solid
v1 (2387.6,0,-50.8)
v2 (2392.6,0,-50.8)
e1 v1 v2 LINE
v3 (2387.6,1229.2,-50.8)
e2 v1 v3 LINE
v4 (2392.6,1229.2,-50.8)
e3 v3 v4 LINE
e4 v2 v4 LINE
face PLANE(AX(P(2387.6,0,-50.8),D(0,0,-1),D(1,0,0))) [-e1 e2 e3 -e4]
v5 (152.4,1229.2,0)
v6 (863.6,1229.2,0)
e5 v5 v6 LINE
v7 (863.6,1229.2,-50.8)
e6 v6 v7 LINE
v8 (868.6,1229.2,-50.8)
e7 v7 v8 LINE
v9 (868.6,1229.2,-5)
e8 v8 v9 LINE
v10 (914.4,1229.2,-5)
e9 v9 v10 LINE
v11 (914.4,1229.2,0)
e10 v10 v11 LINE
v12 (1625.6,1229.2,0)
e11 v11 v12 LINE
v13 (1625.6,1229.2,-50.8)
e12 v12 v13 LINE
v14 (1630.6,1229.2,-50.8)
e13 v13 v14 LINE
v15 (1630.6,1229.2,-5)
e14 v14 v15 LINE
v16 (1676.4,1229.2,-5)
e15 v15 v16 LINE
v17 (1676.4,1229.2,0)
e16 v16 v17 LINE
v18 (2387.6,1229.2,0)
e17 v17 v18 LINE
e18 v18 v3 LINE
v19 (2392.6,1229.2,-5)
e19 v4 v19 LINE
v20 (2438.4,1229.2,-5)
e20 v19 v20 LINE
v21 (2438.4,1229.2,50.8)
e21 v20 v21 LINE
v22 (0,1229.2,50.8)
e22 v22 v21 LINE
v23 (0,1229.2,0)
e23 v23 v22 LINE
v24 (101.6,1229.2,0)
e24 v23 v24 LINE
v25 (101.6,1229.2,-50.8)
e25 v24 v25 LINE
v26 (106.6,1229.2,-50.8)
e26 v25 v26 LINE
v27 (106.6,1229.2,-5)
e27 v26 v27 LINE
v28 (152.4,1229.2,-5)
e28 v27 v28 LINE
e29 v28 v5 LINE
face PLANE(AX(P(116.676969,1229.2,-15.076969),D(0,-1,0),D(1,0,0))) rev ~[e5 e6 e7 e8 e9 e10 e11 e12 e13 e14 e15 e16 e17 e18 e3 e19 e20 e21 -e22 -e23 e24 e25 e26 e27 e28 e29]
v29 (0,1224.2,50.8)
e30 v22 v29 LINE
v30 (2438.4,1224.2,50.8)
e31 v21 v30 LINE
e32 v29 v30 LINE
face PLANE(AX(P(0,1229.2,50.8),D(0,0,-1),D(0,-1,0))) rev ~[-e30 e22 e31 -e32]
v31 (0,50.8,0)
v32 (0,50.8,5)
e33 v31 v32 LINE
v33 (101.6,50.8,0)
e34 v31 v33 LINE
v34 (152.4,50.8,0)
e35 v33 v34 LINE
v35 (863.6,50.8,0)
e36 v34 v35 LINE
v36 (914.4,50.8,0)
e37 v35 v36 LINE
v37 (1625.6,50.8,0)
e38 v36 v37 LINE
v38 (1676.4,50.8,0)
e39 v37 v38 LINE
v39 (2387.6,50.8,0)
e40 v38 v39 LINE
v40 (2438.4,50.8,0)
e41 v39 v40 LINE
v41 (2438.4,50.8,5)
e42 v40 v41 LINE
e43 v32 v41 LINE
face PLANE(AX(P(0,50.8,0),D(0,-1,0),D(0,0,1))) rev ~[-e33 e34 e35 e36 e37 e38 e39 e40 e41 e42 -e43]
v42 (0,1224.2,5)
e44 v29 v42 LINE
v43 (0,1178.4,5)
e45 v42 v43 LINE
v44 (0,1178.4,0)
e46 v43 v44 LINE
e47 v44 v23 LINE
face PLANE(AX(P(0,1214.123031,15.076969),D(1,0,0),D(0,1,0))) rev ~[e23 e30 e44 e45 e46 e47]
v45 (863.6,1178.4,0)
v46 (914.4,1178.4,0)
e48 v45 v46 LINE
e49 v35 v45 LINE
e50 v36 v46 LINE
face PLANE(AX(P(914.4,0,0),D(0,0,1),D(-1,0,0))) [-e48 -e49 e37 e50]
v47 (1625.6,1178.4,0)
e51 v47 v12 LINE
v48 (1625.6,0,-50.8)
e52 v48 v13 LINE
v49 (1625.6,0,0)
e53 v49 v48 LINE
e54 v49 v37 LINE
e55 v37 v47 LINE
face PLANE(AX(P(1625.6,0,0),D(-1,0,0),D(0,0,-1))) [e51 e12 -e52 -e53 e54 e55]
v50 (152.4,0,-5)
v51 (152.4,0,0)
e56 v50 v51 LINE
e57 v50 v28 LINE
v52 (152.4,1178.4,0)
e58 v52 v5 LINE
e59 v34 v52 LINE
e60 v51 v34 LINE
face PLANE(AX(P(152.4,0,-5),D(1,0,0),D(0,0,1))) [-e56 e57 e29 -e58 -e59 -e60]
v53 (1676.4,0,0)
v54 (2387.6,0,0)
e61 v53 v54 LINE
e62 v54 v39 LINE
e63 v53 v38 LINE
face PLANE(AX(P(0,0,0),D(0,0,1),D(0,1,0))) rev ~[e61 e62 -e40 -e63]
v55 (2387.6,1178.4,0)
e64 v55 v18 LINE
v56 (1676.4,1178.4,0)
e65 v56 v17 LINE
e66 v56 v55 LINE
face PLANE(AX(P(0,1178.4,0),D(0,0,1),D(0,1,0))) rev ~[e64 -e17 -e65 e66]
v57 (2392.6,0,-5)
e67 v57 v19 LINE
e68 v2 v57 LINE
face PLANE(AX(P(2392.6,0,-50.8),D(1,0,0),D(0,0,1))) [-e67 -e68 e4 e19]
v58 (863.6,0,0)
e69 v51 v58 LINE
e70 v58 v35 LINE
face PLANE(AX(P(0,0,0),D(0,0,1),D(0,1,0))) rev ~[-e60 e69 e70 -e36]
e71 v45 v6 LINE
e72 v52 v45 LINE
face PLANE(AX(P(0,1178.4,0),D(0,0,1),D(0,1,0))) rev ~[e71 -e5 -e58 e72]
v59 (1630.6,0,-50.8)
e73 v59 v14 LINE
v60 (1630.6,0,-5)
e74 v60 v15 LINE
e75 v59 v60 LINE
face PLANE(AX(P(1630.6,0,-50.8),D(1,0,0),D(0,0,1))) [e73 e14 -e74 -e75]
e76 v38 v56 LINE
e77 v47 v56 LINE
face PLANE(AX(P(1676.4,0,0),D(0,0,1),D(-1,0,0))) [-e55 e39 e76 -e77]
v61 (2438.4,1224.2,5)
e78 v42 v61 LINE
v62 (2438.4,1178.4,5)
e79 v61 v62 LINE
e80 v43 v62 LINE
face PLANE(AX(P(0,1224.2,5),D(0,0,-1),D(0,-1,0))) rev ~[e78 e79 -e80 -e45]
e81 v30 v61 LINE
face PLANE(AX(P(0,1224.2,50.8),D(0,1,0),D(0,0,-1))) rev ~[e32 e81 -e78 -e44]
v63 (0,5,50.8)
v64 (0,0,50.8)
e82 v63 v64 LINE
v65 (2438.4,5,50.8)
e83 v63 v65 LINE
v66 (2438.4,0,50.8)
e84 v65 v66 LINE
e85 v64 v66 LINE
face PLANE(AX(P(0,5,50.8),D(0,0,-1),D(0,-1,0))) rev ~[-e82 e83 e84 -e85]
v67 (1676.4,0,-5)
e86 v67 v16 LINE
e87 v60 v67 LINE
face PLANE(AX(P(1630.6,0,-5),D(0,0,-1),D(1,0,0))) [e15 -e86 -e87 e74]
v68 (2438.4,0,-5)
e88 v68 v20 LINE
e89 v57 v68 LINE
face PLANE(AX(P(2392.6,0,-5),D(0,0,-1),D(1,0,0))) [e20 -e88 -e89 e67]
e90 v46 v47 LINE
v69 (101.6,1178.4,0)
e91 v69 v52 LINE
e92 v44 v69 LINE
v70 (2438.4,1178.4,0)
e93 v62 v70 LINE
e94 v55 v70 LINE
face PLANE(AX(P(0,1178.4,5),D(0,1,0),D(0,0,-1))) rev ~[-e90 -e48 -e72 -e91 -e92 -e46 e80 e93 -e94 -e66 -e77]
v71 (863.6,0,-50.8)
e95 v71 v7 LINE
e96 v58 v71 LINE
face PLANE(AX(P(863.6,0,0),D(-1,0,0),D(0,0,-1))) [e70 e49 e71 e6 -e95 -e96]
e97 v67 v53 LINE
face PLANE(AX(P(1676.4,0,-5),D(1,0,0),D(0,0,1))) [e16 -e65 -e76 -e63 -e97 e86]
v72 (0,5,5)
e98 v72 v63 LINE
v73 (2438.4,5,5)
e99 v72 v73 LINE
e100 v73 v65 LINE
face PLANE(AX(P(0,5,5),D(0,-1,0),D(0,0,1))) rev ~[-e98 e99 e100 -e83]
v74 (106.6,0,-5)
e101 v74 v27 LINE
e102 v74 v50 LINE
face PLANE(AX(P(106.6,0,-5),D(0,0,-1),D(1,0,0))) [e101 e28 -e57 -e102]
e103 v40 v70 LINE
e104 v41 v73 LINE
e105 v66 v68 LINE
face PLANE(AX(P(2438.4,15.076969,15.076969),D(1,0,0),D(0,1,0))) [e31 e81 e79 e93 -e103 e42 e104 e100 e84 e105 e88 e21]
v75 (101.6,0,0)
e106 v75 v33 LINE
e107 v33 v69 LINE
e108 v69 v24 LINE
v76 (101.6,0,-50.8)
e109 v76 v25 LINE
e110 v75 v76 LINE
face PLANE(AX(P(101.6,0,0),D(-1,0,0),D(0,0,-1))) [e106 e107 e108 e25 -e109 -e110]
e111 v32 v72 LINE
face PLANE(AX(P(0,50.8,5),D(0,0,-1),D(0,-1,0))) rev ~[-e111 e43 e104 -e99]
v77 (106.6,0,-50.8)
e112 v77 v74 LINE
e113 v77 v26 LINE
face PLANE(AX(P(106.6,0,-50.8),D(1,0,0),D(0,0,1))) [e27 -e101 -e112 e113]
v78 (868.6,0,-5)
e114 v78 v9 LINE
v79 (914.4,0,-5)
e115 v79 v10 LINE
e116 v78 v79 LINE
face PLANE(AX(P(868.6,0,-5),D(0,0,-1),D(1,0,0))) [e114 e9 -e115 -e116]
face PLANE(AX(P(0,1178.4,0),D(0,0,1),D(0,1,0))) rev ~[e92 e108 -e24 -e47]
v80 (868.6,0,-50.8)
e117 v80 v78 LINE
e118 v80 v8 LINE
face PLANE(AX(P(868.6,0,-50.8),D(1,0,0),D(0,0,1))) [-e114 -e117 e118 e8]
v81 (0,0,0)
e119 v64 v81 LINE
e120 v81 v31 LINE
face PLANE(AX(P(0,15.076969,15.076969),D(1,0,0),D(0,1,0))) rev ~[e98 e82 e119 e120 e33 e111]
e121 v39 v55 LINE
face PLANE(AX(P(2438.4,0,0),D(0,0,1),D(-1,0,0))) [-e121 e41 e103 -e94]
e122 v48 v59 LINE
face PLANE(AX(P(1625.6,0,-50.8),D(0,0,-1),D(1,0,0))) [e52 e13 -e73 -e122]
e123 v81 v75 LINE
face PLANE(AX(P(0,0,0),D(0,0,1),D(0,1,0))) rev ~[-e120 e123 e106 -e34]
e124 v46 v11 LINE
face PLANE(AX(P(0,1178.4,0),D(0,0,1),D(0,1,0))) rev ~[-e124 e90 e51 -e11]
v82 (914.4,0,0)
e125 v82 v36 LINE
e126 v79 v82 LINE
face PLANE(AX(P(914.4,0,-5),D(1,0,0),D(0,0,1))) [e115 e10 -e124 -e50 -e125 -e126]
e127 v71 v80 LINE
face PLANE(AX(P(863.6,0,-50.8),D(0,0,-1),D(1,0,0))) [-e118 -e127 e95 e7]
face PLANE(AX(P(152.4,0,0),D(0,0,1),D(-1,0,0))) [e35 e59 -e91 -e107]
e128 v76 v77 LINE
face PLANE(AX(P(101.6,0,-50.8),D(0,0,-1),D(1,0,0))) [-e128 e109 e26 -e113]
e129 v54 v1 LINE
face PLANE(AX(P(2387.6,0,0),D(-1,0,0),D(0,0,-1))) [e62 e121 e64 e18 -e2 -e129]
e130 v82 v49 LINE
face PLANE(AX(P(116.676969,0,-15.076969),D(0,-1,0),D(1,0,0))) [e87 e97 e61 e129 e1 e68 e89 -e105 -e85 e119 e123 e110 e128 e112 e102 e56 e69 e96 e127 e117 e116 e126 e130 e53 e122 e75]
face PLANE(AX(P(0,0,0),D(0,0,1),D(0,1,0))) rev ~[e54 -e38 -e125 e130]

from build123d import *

# Parameters (mm, degrees)
F1_DEPTH = 2438.4
F3_DEPTH = 1229.2


with BuildPart() as f1:
    # F0 (on Right) → F1 (new body)
    with BuildSketch(Plane.YZ):
        Polygon((0, 50.8), (0, 0), (50.8, 0), (50.8, 5), (5, 5), (5, 50.8), align=None)
        Polygon((1229.2, 0), (1229.2, 50.8), (1224.2, 50.8), (1224.2, 5), (1178.4, 5), (1178.4, 0), align=None)
    extrude(amount=F1_DEPTH)

    # F2 (on Front) → F3 (join, through all)
    with BuildSketch(Plane.XZ):
        Polygon((152.4, 0), (101.6, 0), (101.6, -50.8), (106.6, -50.8), (106.6, -5), (152.4, -5), align=None)
        Polygon((868.6, -50.8), (868.6, -5), (914.4, -5), (914.4, 0), (863.6, 0), (863.6, -50.8), align=None)
        Polygon((1630.6, -50.8), (1630.6, -5), (1676.4, -5), (1676.4, 0), (1625.6, 0), (1625.6, -50.8), align=None)
        Polygon((2392.6, -50.8), (2392.6, -5), (2438.4, -5), (2438.4, 0), (2387.6, 0), (2387.6, -50.8), align=None)
    extrude(amount=-F3_DEPTH)


solid = f1.part
